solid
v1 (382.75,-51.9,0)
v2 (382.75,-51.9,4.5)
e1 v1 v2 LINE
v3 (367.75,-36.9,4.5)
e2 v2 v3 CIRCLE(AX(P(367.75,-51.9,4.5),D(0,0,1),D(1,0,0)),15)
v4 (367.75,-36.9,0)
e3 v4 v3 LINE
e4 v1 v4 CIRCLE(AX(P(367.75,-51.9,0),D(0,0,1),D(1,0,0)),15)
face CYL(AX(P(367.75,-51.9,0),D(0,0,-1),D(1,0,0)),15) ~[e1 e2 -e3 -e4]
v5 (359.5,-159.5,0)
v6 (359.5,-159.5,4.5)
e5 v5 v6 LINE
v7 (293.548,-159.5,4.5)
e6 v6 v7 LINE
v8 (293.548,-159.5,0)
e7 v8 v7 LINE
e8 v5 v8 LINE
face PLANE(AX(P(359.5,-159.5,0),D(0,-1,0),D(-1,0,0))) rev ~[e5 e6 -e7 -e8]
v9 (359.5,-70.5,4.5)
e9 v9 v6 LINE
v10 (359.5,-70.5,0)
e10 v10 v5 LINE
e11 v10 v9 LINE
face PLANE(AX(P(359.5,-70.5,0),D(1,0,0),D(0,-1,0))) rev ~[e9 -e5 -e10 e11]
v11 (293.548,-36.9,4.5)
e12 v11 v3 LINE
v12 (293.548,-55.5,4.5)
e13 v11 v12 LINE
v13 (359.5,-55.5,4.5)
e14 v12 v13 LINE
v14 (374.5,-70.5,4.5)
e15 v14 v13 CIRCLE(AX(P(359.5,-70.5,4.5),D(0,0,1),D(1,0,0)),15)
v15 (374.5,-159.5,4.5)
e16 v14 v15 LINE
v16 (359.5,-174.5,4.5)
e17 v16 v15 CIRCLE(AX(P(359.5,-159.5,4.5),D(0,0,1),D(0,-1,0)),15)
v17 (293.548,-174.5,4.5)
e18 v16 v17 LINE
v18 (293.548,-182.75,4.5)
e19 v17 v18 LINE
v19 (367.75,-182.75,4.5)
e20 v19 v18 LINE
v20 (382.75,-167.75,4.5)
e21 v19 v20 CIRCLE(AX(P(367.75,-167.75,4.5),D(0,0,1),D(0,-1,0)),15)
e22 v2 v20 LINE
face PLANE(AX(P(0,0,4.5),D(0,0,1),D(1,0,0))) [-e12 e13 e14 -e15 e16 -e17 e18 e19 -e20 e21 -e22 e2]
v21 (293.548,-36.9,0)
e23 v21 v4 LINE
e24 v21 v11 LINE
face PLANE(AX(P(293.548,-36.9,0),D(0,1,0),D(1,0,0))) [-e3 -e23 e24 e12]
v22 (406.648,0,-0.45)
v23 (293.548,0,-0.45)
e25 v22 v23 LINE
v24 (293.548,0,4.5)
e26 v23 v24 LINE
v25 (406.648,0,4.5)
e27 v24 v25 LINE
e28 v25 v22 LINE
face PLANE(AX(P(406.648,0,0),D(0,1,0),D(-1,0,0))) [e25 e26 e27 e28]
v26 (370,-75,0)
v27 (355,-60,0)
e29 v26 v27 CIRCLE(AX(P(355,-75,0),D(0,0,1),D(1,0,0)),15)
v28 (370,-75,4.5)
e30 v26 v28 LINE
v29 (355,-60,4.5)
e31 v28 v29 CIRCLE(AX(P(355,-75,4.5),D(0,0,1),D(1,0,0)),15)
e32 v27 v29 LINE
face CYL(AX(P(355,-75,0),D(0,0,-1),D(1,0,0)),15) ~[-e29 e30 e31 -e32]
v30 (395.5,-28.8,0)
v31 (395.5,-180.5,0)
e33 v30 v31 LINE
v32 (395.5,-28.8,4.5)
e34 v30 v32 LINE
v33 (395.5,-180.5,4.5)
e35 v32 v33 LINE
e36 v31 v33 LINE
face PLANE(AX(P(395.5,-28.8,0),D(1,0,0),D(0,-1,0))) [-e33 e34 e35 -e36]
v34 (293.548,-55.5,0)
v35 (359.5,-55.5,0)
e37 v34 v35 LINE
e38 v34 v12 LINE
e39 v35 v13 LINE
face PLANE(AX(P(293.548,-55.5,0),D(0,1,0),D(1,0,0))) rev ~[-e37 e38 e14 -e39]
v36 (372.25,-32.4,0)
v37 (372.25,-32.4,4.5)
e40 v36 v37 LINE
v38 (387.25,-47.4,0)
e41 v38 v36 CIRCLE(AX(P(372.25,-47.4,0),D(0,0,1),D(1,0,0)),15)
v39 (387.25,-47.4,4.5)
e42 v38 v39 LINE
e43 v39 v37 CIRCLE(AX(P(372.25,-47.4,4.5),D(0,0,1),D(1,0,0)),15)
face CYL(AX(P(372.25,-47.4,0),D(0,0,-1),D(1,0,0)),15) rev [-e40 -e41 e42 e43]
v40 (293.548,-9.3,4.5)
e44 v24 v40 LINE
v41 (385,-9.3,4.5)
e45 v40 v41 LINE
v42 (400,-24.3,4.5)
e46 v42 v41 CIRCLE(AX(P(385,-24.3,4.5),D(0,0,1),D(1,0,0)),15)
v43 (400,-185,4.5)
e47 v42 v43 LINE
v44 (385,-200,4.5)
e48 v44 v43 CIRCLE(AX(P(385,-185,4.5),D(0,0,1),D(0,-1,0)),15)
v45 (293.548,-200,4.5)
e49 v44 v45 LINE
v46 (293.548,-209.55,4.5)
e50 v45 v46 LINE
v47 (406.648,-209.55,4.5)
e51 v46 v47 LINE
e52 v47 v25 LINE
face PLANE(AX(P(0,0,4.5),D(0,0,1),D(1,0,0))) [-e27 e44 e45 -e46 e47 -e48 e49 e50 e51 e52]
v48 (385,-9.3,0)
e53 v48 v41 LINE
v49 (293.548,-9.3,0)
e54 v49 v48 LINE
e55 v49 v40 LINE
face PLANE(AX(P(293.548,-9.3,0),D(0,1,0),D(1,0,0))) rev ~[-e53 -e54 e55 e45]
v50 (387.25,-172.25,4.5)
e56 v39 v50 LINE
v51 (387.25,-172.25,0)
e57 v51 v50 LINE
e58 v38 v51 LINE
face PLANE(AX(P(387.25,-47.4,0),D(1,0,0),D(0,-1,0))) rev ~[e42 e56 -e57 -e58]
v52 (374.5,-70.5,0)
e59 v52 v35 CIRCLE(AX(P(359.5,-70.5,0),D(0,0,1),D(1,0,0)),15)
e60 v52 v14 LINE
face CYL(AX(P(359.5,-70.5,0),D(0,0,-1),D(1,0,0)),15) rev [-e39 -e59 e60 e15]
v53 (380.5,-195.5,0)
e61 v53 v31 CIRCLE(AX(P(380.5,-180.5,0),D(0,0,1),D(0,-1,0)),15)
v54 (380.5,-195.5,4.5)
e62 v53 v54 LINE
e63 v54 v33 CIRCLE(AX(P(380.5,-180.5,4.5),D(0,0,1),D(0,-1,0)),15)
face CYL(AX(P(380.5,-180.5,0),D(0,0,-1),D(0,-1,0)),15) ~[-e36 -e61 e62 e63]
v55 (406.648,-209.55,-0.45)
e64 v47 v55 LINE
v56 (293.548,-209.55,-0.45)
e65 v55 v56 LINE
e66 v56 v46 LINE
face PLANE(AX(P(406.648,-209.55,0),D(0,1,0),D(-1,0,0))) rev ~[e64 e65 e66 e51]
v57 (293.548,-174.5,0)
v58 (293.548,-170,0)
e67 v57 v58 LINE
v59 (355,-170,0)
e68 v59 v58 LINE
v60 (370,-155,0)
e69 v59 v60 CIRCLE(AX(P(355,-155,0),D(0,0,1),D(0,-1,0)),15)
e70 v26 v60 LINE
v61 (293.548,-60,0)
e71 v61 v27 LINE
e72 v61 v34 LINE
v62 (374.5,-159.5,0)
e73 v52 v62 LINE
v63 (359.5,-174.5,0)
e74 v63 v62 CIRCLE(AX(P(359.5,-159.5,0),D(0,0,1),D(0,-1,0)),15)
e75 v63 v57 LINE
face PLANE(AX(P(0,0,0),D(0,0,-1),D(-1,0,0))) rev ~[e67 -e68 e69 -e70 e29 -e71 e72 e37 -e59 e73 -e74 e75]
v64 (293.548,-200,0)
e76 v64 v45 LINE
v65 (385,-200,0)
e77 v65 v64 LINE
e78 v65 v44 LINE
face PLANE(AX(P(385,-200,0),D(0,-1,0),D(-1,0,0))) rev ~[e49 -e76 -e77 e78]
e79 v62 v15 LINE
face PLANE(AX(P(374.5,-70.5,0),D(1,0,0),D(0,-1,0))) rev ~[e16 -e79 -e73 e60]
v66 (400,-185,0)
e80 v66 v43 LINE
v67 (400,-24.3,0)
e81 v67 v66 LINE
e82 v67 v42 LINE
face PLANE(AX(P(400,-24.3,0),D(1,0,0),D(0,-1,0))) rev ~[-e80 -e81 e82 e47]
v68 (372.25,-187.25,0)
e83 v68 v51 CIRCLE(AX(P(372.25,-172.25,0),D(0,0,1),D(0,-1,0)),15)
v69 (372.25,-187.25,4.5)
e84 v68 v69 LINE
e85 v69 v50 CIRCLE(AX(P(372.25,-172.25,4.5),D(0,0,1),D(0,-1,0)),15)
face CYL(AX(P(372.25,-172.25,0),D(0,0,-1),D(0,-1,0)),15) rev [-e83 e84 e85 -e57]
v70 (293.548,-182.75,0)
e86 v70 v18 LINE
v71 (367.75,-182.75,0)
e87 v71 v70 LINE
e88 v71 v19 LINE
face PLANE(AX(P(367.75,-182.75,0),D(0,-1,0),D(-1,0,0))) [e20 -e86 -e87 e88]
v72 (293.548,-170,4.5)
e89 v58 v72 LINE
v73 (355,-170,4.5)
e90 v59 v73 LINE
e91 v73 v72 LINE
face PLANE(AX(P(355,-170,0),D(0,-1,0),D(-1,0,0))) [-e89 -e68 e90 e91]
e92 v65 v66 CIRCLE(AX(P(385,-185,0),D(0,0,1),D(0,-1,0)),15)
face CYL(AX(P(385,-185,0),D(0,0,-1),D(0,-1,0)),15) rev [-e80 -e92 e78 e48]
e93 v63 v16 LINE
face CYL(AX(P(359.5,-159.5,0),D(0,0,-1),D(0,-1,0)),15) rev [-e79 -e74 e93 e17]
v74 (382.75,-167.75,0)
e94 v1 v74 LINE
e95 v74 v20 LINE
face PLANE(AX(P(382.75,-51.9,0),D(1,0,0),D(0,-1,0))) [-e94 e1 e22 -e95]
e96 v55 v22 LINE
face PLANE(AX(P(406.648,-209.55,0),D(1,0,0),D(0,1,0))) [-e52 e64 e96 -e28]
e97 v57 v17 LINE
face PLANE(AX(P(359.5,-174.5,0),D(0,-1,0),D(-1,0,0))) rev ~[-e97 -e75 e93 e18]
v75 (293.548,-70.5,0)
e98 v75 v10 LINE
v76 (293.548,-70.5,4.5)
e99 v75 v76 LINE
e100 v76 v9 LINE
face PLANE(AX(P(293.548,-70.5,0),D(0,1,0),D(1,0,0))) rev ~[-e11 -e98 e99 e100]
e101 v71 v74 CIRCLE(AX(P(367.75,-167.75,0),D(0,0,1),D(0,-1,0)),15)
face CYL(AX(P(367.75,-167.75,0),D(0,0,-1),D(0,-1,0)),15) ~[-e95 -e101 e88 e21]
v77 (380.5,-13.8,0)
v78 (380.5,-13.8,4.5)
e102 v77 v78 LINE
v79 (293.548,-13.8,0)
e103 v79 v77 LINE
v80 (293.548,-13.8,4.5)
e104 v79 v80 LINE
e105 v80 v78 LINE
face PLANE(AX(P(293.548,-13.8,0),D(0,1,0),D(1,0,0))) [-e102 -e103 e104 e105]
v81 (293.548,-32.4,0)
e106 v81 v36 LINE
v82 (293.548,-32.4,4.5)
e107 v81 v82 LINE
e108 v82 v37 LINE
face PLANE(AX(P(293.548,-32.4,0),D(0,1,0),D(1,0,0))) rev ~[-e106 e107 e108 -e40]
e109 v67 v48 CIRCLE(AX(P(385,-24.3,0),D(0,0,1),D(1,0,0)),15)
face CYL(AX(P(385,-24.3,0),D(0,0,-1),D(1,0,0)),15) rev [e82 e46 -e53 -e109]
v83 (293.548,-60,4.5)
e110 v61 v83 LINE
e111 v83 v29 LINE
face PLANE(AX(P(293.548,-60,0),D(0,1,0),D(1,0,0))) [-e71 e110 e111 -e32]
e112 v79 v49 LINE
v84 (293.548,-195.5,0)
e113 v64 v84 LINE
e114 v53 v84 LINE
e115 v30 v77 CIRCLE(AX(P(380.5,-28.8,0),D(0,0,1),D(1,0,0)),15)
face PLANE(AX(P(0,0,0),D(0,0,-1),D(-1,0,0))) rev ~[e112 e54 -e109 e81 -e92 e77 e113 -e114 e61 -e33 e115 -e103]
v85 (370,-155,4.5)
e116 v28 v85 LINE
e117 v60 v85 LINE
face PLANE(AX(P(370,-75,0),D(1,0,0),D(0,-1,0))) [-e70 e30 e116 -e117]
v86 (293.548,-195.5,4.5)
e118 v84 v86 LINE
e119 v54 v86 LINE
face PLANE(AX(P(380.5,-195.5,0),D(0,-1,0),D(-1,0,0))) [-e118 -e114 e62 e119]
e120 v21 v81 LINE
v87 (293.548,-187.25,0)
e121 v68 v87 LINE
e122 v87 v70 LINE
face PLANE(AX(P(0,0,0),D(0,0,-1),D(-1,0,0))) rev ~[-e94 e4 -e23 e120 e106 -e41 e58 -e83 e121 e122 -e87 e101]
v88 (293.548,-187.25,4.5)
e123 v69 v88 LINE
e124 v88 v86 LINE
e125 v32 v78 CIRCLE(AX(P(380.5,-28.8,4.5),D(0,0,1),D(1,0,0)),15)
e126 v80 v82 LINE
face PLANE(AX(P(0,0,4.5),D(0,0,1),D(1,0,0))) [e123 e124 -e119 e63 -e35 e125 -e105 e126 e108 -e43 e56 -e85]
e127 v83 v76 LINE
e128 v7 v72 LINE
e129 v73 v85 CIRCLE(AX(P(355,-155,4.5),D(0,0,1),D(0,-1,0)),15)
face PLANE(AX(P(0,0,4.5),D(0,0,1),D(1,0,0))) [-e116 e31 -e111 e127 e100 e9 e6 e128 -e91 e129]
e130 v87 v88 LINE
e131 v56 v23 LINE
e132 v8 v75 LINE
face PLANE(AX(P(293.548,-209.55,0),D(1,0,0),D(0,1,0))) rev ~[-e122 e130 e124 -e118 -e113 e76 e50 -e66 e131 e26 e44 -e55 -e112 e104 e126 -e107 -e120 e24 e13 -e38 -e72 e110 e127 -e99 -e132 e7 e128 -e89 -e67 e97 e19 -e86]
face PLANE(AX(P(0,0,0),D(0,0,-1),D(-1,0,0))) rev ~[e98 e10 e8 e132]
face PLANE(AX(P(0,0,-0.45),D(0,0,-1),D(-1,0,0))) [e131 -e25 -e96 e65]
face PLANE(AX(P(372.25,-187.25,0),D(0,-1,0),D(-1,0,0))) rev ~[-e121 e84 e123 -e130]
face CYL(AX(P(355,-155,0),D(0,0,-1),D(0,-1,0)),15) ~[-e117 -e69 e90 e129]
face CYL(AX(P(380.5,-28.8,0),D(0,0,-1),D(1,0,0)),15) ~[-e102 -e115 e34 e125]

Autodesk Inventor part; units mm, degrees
ref_plane "YZ Plane" through (0, 0, 0) normal (1, 0, 0) x (0, 1, 0)
sketch "Sketch1" plane through (0, 0, 0) normal (0, 0, 1) x (1, 0, 0)
  line L0 (0, -9.3) -> (385, -9.3)
  line L1 (400, -24.3) -> (400, -185)
  line L2 (385, -200) -> (-400, -200)
  line L3 (-400, -200) -> (-400, -32.4)
  line L4 (0, -9.3) -> (0, -13.8)
  line L5 (0, -13.8) -> (380.5, -13.8)
  line L6 (395.5, -28.8) -> (395.5, -180.5)
  line L7 (380.5, -195.5) -> (-395.5, -195.5)
  line L8 (-400, -32.4) -> (372.25, -32.4)
  line L9 (387.25, -47.4) -> (387.25, -172.25)
  line L10 (372.25, -187.25) -> (-387.25, -187.25)
  line L11 (-395.5, -195.5) -> (-395.5, -36.9)
  line L12 (-395.5, -36.9) -> (367.75, -36.9)
  line L13 (382.75, -51.9) -> (382.75, -167.75)
  line L14 (367.75, -182.75) -> (-382.75, -182.75)
  line L15 (-382.75, -182.75) -> (-382.75, -60)
  line L16 (-387.25, -187.25) -> (-387.25, -55.5)
  line L17 (-387.25, -55.5) -> (359.5, -55.5)
  line L18 (374.5, -70.5) -> (374.5, -159.5)
  line L19 (-382.75, -60) -> (355, -60)
  line L20 (370, -75) -> (370, -155)
  line L21 (-561.3296, 0) -> (567.9776, 0) projected
  line L22 (355, -170) -> (-374.5, -170)
  line L23 (359.5, -174.5) -> (-374.5, -174.5)
  line L24 (-374.5, -174.5) -> (-374.5, -170)
  arc A0 (400, -24.3) -> (385, -9.3) centre (385, -24.3) ccw
  arc A1 (395.5, -28.8) -> (380.5, -13.8) centre (380.5, -28.8) ccw
  arc A2 (387.25, -47.4) -> (372.25, -32.4) centre (372.25, -47.4) ccw
  arc A3 (382.75, -51.9) -> (367.75, -36.9) centre (367.75, -51.9) ccw
  arc A4 (374.5, -70.5) -> (359.5, -55.5) centre (359.5, -70.5) ccw
  arc A5 (370, -75) -> (355, -60) centre (355, -75) ccw
  arc A6 (355, -170) -> (370, -155) centre (355, -155) ccw
  arc A7 (359.5, -174.5) -> (374.5, -159.5) centre (359.5, -159.5) ccw
  arc A8 (367.75, -182.75) -> (382.75, -167.75) centre (367.75, -167.75) ccw
  arc A9 (372.25, -187.25) -> (387.25, -172.25) centre (372.25, -172.25) ccw
  arc A10 (380.5, -195.5) -> (395.5, -180.5) centre (380.5, -180.5) ccw
  arc A11 (385, -200) -> (400, -185) centre (385, -185) ccw
  line L25 (406.648, 0) -> (293.548, 0)
  line L26 (293.548, 0) -> (293.548, -209.55)
  line L27 (293.548, -209.55) -> (406.648, -209.55)
  line L28 (406.648, -209.55) -> (406.648, 0)
  line L29 (293.548, -70.5) -> (359.5, -70.5)
  line L30 (359.5, -70.5) -> (359.5, -159.5)
  line L31 (359.5, -159.5) -> (293.548, -159.5)
  line L32 (293.548, -159.5) -> (293.548, -70.5)
  point P0 (0, 0)
  point P1 (400, -9.3)
  point P2 (400, -200)
  point P3 (395.5, -13.8)
  point P4 (395.5, -195.5)
  point P5 (387.25, -32.4)
  point P6 (387.25, -187.25)
  point P7 (382.75, -36.9)
  point P8 (382.75, -182.75)
  point P9 (374.5, -55.5)
  point P10 (374.5, -174.5)
  point P11 (370, -60)
  point P12 (370, -170)
  point P13 (0, 0)
  point P14 (293.548, -200)
  point P15 (293.548, 0)
  point P16 (293.548, -9.3)
  point P17 (293.548, -13.8)
  point P18 (293.548, -32.4)
  point P19 (293.548, -187.25)
  point P20 (293.548, -195.5)
  point P21 (293.548, -36.9)
  point P22 (293.548, -55.5)
  point P23 (293.548, -174.5)
  point P24 (293.548, -182.75)
  point P25 (293.548, -60)
  point P26 (293.548, -170)
  dimension "d1" = 4.5
  dimension "d2" = 4.5
  dimension "d3" = 4.5
  dimension "d4" = 9.3
  dimension "d5" = 800
  dimension "d6" = 400
  dimension "d7" = 4.5
  dimension "d8" = 4.5
  dimension "d9" = 8.25
  dimension "d10" = 4.5
  dimension "d11" = 18.6
  dimension "d12" = 4.5
  dimension "d13" = 8.25
  dimension "d14" = 4.5
  dimension "d15" = 4.5
  dimension "d16" = 4.5
  dimension "d17" = 8.25
  dimension "d19" = 18.6
  dimension "d20" = 8.25
  dimension "d82" = 200
  dimension "d88" = 4.5
  dimension "d89" = 8.25
  dimension "d90" = 8.25
  dimension "d91" = 15
  dimension "d100" = 113.1
  dimension "d101" = 209.55
extrude "Extrusion1" add sketch "Sketch1" along normal blind 4.5 contours L26 L21 L28 L27 L2 A11 L1 A0 L0 | L5 A1 L6 A10 L7 L26 L10 A9 L9 A2 L8 | L12 A3 L13 A8 L14 L26 L23 A7 L18 A4 L17 | L19 A5 L20 A6 L22 L26 L31 L30 L29
ref_plane "basePlane" through (0, 0, 0) normal (0, 0, -1) x (-1, 0, 0)
sketch "Sketch5" plane through (0, 0, 0) normal (0, 0, -1) x (-1, 0, 0)
  line L0 (-406.648, 0) -> (-293.548, 0) projected
  line L1 (-406.648, -209.55) -> (-406.648, 0) projected
  line L2 (-293.548, 0) -> (-406.648, 0)
  line L3 (-406.648, 0) -> (-406.648, -209.55)
  line L4 (-406.648, -209.55) -> (-293.548, -209.55)
  line L5 (-293.548, -209.55) -> (-293.548, 0)
  point P0 (0, 0)
extrude "Extrusion5" add sketch "Sketch5" along normal blind 0.45
equation "\"d1\" = wire_diameter"
equation "\"d2\" = wire_diameter"
equation "\"d3\" = wire_diameter"
equation "\"d4\" = 0.5 * distance_between_wires"
equation "\"d5\" = track_length"
equation "\"d6\" = 0.5 * track_length"
equation "\"d7\" = wire_diameter"
equation "\"d8\" = wire_diameter"
equation "\"d9\" = distance_between_wires_edge"
equation "\"d10\" = wire_diameter"
equation "\"d11\" = distance_between_wires"
equation "\"d12\" = wire_diameter"
equation "\"d13\" = distance_between_wires_edge"
equation "\"d14\" = wire_diameter"
equation "\"d15\" = wire_diameter"
equation "\"d16\" = wire_diameter"
equation "\"d17\" = distance_between_wires_edge"
equation "\"d19\" = distance_between_wires"
equation "\"d20\" = distance_between_wires_edge"
equation "\"d82\" = 0.5 * track_width"
equation "\"d22\" = wire_diameter"
equation "\"track_length\" = 800"
equation "\"wire_diameter\" = 4.5"
equation "\"distance_between_wires\" = -1.2 * wire_diameter + 0.2 * parameter_6"
equation "\"distance_between_wires_edge\" = 8.25"
equation "\"bend_radius\" = 15"
equation "\"track_width\" = 400"
equation "\"parameter_6\" = 120"
properties part number "primary_coil_0R2"
